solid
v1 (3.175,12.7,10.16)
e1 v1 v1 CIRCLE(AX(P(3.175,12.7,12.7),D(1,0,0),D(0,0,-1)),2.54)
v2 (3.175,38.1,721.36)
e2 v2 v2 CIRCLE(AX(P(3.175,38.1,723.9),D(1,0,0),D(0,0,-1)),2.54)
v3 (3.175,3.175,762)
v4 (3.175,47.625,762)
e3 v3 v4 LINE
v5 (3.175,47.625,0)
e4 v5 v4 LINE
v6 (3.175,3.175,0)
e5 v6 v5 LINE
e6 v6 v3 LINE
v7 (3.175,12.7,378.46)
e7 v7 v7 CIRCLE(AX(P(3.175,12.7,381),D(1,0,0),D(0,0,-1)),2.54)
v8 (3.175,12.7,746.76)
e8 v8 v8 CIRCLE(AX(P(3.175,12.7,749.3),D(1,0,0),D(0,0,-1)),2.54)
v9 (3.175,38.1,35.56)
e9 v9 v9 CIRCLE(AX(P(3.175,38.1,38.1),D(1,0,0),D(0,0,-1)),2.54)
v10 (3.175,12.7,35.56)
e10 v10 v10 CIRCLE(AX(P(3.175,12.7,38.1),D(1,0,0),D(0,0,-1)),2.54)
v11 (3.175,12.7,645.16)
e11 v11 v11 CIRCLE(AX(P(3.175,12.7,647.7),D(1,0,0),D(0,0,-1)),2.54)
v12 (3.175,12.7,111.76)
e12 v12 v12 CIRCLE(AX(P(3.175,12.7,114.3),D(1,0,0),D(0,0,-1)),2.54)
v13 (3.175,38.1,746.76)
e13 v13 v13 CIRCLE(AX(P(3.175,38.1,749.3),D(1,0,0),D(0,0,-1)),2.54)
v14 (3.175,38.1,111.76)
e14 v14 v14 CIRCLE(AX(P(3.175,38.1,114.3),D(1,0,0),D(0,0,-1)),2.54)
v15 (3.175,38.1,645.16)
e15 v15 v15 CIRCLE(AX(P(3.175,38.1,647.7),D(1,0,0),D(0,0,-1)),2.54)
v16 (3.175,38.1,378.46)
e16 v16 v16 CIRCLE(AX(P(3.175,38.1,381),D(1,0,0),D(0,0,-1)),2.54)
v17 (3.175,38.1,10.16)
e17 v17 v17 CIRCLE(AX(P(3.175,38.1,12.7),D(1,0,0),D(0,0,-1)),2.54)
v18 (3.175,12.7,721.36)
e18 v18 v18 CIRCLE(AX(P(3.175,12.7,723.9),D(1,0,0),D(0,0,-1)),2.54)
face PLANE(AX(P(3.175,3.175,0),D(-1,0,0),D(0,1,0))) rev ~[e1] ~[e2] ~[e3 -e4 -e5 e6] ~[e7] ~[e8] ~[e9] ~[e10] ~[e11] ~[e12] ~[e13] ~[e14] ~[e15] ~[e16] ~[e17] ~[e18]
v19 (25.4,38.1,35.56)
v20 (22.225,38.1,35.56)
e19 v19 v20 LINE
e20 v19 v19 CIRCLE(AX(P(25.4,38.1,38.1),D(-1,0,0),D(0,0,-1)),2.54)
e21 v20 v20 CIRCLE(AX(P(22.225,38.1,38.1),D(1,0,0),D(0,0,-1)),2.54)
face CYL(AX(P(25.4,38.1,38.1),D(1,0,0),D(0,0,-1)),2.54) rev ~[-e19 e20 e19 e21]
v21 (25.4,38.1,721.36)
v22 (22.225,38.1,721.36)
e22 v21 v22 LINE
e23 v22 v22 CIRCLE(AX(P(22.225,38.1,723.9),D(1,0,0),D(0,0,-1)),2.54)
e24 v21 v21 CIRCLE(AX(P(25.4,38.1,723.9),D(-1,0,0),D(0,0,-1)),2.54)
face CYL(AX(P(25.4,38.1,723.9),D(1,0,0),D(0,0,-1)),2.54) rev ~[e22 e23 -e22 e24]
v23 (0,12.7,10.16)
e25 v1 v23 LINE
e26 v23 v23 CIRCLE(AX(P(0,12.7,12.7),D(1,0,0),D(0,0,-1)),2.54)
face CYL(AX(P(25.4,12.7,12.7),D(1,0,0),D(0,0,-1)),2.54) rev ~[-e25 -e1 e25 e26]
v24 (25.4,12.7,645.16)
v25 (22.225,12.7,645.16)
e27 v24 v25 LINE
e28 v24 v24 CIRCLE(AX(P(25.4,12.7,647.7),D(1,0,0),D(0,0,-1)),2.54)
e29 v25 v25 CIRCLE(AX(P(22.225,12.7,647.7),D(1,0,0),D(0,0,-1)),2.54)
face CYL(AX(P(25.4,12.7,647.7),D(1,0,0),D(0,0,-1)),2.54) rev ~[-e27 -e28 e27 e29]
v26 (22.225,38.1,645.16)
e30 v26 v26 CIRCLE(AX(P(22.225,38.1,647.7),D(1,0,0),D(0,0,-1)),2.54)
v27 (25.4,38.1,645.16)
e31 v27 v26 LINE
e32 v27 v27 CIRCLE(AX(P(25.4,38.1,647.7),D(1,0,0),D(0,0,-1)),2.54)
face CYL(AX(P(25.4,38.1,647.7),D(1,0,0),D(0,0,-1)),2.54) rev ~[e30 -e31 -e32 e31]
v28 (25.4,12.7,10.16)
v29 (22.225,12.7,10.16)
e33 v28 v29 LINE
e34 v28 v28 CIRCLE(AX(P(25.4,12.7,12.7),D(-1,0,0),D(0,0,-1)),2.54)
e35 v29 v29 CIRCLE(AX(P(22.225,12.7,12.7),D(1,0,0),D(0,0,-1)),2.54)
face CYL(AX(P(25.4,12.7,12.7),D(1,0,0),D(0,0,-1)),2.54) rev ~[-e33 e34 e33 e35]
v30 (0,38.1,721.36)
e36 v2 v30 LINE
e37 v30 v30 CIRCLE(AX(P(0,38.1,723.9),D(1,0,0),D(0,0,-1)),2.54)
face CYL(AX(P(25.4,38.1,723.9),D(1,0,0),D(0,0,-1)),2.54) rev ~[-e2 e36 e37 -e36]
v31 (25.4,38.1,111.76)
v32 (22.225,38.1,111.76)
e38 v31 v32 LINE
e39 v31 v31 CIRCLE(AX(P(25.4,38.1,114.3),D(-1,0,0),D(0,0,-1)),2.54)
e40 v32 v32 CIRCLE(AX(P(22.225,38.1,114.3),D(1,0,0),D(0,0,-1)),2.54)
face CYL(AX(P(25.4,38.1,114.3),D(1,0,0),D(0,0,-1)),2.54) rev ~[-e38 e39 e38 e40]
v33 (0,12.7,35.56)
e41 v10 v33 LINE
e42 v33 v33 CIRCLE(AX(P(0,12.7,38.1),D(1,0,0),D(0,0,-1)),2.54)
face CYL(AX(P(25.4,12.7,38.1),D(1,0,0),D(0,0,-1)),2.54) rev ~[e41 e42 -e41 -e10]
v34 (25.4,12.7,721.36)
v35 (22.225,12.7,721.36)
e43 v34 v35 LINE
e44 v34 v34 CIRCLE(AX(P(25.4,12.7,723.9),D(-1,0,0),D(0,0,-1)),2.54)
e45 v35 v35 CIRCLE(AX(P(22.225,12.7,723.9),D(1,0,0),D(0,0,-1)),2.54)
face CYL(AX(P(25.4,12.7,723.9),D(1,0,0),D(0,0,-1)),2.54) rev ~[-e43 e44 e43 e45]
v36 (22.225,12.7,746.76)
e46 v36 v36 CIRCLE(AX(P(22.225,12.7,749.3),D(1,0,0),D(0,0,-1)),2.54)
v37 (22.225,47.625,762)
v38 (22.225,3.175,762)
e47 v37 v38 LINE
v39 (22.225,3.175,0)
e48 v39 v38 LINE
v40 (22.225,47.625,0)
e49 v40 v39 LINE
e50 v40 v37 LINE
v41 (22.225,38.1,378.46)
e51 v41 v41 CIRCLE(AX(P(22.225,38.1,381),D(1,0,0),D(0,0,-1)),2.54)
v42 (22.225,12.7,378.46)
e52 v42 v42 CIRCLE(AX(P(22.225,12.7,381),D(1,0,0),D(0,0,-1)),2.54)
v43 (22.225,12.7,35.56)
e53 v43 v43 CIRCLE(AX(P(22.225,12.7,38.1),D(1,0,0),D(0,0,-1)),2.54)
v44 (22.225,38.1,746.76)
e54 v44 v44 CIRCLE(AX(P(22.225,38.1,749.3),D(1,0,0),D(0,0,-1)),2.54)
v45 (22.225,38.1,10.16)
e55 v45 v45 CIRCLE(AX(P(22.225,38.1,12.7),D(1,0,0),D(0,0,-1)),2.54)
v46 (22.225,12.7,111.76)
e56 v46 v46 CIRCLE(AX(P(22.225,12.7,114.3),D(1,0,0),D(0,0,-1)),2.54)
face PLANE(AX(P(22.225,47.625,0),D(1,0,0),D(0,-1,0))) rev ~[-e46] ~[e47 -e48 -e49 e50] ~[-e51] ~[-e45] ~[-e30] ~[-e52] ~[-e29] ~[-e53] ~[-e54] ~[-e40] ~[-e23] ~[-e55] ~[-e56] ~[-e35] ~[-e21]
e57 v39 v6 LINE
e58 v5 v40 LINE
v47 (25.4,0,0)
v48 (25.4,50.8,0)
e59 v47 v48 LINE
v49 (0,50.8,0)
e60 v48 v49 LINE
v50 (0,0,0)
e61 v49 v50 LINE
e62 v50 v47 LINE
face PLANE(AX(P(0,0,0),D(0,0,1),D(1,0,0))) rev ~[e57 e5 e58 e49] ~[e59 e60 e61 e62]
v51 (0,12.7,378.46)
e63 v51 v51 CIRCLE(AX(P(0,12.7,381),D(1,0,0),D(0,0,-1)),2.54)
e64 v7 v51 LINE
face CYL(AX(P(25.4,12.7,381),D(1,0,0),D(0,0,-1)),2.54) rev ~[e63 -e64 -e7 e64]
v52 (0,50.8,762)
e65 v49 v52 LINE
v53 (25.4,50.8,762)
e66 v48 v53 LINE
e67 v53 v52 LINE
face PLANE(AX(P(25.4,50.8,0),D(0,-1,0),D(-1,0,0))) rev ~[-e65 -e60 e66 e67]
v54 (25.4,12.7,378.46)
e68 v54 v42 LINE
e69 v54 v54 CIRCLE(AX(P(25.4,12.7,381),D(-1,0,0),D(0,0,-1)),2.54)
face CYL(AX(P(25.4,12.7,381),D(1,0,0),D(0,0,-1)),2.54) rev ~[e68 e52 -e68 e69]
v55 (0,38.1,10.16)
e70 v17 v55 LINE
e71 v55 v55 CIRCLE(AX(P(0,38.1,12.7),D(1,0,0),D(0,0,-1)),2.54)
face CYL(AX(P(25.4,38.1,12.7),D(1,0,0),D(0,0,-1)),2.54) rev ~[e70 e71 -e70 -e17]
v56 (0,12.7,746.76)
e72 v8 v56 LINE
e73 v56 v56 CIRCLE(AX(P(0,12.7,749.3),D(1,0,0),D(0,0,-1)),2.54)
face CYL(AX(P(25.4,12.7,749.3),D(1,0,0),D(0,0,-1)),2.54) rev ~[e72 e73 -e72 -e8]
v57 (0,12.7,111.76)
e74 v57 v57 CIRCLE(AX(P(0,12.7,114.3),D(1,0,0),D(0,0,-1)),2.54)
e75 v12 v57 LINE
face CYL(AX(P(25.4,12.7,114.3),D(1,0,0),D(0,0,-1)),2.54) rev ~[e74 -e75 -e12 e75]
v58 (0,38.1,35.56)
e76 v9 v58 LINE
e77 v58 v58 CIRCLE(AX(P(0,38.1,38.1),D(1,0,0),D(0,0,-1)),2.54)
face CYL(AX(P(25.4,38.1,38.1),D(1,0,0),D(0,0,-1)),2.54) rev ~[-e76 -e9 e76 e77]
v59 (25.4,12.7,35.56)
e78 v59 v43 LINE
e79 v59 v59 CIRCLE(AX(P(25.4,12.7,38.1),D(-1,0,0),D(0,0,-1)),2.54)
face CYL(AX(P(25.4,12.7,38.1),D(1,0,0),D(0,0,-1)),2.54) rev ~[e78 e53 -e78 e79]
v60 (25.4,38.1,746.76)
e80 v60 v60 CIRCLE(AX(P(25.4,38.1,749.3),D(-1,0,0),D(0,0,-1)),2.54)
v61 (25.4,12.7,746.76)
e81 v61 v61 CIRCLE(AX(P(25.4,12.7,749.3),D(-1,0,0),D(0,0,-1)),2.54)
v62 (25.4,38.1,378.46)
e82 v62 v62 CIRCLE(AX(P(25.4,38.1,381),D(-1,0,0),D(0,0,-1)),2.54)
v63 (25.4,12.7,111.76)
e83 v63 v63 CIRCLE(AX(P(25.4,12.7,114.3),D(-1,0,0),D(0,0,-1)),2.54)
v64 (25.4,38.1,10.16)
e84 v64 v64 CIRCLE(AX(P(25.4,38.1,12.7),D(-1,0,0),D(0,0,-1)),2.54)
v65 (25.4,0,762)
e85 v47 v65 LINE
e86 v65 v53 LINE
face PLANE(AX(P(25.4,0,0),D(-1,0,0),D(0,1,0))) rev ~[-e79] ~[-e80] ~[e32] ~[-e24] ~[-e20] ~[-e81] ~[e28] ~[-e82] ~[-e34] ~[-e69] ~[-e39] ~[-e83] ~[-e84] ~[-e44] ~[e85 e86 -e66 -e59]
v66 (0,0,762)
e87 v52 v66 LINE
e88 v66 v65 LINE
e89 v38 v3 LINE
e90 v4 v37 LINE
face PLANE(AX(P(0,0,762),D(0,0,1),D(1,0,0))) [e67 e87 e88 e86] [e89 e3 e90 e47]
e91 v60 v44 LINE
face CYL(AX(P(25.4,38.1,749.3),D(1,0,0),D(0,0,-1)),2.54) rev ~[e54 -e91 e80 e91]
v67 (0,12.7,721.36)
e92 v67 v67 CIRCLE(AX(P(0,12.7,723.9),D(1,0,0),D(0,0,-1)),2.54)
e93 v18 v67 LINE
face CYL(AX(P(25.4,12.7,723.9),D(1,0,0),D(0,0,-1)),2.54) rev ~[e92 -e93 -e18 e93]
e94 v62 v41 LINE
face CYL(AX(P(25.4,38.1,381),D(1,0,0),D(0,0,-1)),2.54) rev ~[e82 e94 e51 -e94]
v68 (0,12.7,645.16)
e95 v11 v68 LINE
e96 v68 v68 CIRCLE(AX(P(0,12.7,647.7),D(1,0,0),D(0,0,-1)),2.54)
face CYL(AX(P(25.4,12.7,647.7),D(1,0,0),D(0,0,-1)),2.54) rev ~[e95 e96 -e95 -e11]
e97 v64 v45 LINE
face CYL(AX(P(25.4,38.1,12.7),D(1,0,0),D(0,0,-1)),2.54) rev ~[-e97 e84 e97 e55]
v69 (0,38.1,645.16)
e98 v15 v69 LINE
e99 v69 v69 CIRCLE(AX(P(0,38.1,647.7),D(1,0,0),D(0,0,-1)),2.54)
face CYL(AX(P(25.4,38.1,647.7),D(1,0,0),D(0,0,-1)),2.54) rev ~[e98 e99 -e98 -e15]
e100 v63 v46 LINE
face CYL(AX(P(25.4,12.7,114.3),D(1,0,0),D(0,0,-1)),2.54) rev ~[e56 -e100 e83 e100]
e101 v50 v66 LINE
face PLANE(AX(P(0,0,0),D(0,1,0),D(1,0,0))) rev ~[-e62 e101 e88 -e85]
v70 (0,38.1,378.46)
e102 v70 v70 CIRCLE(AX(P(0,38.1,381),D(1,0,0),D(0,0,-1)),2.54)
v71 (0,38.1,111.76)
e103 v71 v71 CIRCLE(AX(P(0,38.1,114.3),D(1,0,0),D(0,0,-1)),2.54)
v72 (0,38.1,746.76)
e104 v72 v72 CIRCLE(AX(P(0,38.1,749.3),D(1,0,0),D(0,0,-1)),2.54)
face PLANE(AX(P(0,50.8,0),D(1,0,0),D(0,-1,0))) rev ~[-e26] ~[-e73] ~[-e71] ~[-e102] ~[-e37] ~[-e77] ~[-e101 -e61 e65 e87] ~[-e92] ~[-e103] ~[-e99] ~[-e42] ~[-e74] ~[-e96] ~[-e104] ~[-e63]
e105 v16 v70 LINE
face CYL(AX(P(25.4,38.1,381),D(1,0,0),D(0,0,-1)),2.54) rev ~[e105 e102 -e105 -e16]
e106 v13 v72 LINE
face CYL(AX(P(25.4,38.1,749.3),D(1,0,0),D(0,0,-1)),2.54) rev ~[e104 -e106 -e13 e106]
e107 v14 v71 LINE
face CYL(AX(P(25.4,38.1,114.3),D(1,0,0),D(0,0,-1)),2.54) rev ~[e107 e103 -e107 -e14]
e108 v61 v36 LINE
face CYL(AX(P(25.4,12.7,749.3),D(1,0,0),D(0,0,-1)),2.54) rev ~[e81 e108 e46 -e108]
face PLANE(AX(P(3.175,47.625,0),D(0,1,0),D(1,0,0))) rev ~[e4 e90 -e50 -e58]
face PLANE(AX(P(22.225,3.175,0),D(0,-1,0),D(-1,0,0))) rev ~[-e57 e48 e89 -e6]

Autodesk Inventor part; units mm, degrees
ref_plane "YZ Plane" through (0, 0, 0) normal (1, 0, 0) x (0, 1, 0)
ref_plane "XZ Plane" through (0, 0, 0) normal (0, 1, 0) x (-1, 0, 0)
ref_plane "XY Plane" through (0, 0, 0) normal (0, 0, 1) x (1, 0, 0)
sketch "Sketch1" plane through (0, 0, 0) normal (0, 0, 1) x (1, 0, 0)
  line L0 (0, 0) -> (25.4, 0)
  line L1 (25.4, 0) -> (25.4, 50.8)
  line L2 (25.4, 50.8) -> (0, 50.8)
  line L3 (0, 50.8) -> (0, 0)
  line L4 (22.225, 47.625) -> (22.225, 3.175)
  line L5 (22.225, 3.175) -> (3.175, 3.175)
  line L6 (3.175, 3.175) -> (3.175, 47.625)
  line L7 (3.175, 47.625) -> (22.225, 47.625)
  dimension "d0" = 25.4
  dimension "d1" = 50.8
  dimension "d2" = 3.175
extrude "Extrusion1" add sketch "Sketch1" along normal blind 762
sketch "Sketch2" plane through (25.4, 0, 0) normal (1, 0, 0) x (0, 0, -1)
  line L0 (0, 0) -> (-12.7, 0)
  line L1 (0, 0) -> (-762, 0) projected
  line L2 (-12.7, 0) -> (-12.7, 50.8)
  line L3 (0, 50.8) -> (-762, 50.8) projected
  line L4 (-12.7, 50.8) -> (-38.1, 50.8)
  line L5 (-38.1, 50.8) -> (-38.1, 0)
  line L6 (-12.7, 50.8) -> (-12.7, 38.1)
  line L7 (-12.7, 38.1) -> (-38.1, 38.1)
  line L8 (-38.1, 0) -> (-38.1, 12.7)
  line L9 (-38.1, 12.7) -> (-12.7, 12.7)
  circle A0 centre (-38.1, 38.1) radius 2.54
  circle A1 centre (-12.7, 38.1) radius 2.54
  circle A2 centre (-12.7, 12.7) radius 2.54
  circle A3 centre (-38.1, 12.7) radius 2.54
  line L10 (-381, 50.8) -> (-381, 0)
  line L11 (-762, 0) -> (-749.3, 0)
  line L12 (-762, 0) -> (0, 0)
  line L13 (-749.3, 0) -> (-749.3, 50.8)
  line L14 (-762, 50.8) -> (0, 50.8)
  line L15 (-749.3, 50.8) -> (-723.9, 50.8)
  line L16 (-723.9, 50.8) -> (-723.9, 0)
  line L17 (-749.3, 50.8) -> (-749.3, 38.1)
  line L18 (-749.3, 38.1) -> (-723.9, 38.1)
  line L19 (-723.9, 0) -> (-723.9, 12.7)
  line L20 (-723.9, 12.7) -> (-749.3, 12.7)
  circle A4 centre (-723.9, 38.1) radius 2.54
  circle A5 centre (-749.3, 38.1) radius 2.54
  circle A6 centre (-749.3, 12.7) radius 2.54
  circle A7 centre (-723.9, 12.7) radius 2.54
  dimension "d5" = 12.7
  dimension "d6" = 25.4
  dimension "d7" = 12.7
  dimension "d8" = 12.7
  dimension "d9" = 5.08
  dimension "d10" = 5.08
  dimension "d11" = 5.08
  dimension "d12" = 5.08
extrude "Extrusion2" cut sketch "Sketch2" against normal blind 762 contours A2 L9 L2 | L2 A2 | A3 L5 | L5 L9 A3 | L9 A2 L2 | L5 A3 L9 | A7 L20 L16 | L16 A7 | A0 L5 | L5 L7 A0 | A1 L7 L2 | L2 A1 | A6 L13 | L13 L20 A6 | L20 A7 L16 | A0 L7 L5 | A4 L16 | L16 L18 A4 | L7 A1 L2 | L13 A6 L20 | A5 L18 L13 | L13 A5 | L16 A4 L18 | L13 L18 A5
sketch "Sketch3" plane through (25.4, 0, 0) normal (1, 0, 0) x (0, 0, -1)
  line L0 (0, 0) -> (-114.3, 0)
  line L1 (0, 0) -> (-762, 0) projected
  line L2 (-114.3, 0) -> (-114.3, 50.8)
  line L3 (0, 50.8) -> (-762, 50.8) projected
  circle A0 centre (-114.3, 38.1) radius 2.54
  circle A1 centre (-114.3, 12.7) radius 2.54
  line L4 (0, 47.625) -> (-762, 47.625) projected
  line L5 (-381, 47.625) -> (-381, 0)
  circle A2 centre (-647.7, 38.1) radius 2.54
  circle A3 centre (-647.7, 12.7) radius 2.54
  circle A4 centre (-381, 38.1) radius 2.54
  circle A5 centre (-381, 12.7) radius 2.54
  dimension "d15" = 114.3
  dimension "d16" = 5.08
extrude "Extrusion3" cut sketch "Sketch3" against normal blind 25.4 contours A1 L2 | L2 A1 | A5 L5 | L5 A5 | A0 L2 | L2 A0 | A4 L5 | L5 A4 | A2 | A3
properties part number "1x2x30"
